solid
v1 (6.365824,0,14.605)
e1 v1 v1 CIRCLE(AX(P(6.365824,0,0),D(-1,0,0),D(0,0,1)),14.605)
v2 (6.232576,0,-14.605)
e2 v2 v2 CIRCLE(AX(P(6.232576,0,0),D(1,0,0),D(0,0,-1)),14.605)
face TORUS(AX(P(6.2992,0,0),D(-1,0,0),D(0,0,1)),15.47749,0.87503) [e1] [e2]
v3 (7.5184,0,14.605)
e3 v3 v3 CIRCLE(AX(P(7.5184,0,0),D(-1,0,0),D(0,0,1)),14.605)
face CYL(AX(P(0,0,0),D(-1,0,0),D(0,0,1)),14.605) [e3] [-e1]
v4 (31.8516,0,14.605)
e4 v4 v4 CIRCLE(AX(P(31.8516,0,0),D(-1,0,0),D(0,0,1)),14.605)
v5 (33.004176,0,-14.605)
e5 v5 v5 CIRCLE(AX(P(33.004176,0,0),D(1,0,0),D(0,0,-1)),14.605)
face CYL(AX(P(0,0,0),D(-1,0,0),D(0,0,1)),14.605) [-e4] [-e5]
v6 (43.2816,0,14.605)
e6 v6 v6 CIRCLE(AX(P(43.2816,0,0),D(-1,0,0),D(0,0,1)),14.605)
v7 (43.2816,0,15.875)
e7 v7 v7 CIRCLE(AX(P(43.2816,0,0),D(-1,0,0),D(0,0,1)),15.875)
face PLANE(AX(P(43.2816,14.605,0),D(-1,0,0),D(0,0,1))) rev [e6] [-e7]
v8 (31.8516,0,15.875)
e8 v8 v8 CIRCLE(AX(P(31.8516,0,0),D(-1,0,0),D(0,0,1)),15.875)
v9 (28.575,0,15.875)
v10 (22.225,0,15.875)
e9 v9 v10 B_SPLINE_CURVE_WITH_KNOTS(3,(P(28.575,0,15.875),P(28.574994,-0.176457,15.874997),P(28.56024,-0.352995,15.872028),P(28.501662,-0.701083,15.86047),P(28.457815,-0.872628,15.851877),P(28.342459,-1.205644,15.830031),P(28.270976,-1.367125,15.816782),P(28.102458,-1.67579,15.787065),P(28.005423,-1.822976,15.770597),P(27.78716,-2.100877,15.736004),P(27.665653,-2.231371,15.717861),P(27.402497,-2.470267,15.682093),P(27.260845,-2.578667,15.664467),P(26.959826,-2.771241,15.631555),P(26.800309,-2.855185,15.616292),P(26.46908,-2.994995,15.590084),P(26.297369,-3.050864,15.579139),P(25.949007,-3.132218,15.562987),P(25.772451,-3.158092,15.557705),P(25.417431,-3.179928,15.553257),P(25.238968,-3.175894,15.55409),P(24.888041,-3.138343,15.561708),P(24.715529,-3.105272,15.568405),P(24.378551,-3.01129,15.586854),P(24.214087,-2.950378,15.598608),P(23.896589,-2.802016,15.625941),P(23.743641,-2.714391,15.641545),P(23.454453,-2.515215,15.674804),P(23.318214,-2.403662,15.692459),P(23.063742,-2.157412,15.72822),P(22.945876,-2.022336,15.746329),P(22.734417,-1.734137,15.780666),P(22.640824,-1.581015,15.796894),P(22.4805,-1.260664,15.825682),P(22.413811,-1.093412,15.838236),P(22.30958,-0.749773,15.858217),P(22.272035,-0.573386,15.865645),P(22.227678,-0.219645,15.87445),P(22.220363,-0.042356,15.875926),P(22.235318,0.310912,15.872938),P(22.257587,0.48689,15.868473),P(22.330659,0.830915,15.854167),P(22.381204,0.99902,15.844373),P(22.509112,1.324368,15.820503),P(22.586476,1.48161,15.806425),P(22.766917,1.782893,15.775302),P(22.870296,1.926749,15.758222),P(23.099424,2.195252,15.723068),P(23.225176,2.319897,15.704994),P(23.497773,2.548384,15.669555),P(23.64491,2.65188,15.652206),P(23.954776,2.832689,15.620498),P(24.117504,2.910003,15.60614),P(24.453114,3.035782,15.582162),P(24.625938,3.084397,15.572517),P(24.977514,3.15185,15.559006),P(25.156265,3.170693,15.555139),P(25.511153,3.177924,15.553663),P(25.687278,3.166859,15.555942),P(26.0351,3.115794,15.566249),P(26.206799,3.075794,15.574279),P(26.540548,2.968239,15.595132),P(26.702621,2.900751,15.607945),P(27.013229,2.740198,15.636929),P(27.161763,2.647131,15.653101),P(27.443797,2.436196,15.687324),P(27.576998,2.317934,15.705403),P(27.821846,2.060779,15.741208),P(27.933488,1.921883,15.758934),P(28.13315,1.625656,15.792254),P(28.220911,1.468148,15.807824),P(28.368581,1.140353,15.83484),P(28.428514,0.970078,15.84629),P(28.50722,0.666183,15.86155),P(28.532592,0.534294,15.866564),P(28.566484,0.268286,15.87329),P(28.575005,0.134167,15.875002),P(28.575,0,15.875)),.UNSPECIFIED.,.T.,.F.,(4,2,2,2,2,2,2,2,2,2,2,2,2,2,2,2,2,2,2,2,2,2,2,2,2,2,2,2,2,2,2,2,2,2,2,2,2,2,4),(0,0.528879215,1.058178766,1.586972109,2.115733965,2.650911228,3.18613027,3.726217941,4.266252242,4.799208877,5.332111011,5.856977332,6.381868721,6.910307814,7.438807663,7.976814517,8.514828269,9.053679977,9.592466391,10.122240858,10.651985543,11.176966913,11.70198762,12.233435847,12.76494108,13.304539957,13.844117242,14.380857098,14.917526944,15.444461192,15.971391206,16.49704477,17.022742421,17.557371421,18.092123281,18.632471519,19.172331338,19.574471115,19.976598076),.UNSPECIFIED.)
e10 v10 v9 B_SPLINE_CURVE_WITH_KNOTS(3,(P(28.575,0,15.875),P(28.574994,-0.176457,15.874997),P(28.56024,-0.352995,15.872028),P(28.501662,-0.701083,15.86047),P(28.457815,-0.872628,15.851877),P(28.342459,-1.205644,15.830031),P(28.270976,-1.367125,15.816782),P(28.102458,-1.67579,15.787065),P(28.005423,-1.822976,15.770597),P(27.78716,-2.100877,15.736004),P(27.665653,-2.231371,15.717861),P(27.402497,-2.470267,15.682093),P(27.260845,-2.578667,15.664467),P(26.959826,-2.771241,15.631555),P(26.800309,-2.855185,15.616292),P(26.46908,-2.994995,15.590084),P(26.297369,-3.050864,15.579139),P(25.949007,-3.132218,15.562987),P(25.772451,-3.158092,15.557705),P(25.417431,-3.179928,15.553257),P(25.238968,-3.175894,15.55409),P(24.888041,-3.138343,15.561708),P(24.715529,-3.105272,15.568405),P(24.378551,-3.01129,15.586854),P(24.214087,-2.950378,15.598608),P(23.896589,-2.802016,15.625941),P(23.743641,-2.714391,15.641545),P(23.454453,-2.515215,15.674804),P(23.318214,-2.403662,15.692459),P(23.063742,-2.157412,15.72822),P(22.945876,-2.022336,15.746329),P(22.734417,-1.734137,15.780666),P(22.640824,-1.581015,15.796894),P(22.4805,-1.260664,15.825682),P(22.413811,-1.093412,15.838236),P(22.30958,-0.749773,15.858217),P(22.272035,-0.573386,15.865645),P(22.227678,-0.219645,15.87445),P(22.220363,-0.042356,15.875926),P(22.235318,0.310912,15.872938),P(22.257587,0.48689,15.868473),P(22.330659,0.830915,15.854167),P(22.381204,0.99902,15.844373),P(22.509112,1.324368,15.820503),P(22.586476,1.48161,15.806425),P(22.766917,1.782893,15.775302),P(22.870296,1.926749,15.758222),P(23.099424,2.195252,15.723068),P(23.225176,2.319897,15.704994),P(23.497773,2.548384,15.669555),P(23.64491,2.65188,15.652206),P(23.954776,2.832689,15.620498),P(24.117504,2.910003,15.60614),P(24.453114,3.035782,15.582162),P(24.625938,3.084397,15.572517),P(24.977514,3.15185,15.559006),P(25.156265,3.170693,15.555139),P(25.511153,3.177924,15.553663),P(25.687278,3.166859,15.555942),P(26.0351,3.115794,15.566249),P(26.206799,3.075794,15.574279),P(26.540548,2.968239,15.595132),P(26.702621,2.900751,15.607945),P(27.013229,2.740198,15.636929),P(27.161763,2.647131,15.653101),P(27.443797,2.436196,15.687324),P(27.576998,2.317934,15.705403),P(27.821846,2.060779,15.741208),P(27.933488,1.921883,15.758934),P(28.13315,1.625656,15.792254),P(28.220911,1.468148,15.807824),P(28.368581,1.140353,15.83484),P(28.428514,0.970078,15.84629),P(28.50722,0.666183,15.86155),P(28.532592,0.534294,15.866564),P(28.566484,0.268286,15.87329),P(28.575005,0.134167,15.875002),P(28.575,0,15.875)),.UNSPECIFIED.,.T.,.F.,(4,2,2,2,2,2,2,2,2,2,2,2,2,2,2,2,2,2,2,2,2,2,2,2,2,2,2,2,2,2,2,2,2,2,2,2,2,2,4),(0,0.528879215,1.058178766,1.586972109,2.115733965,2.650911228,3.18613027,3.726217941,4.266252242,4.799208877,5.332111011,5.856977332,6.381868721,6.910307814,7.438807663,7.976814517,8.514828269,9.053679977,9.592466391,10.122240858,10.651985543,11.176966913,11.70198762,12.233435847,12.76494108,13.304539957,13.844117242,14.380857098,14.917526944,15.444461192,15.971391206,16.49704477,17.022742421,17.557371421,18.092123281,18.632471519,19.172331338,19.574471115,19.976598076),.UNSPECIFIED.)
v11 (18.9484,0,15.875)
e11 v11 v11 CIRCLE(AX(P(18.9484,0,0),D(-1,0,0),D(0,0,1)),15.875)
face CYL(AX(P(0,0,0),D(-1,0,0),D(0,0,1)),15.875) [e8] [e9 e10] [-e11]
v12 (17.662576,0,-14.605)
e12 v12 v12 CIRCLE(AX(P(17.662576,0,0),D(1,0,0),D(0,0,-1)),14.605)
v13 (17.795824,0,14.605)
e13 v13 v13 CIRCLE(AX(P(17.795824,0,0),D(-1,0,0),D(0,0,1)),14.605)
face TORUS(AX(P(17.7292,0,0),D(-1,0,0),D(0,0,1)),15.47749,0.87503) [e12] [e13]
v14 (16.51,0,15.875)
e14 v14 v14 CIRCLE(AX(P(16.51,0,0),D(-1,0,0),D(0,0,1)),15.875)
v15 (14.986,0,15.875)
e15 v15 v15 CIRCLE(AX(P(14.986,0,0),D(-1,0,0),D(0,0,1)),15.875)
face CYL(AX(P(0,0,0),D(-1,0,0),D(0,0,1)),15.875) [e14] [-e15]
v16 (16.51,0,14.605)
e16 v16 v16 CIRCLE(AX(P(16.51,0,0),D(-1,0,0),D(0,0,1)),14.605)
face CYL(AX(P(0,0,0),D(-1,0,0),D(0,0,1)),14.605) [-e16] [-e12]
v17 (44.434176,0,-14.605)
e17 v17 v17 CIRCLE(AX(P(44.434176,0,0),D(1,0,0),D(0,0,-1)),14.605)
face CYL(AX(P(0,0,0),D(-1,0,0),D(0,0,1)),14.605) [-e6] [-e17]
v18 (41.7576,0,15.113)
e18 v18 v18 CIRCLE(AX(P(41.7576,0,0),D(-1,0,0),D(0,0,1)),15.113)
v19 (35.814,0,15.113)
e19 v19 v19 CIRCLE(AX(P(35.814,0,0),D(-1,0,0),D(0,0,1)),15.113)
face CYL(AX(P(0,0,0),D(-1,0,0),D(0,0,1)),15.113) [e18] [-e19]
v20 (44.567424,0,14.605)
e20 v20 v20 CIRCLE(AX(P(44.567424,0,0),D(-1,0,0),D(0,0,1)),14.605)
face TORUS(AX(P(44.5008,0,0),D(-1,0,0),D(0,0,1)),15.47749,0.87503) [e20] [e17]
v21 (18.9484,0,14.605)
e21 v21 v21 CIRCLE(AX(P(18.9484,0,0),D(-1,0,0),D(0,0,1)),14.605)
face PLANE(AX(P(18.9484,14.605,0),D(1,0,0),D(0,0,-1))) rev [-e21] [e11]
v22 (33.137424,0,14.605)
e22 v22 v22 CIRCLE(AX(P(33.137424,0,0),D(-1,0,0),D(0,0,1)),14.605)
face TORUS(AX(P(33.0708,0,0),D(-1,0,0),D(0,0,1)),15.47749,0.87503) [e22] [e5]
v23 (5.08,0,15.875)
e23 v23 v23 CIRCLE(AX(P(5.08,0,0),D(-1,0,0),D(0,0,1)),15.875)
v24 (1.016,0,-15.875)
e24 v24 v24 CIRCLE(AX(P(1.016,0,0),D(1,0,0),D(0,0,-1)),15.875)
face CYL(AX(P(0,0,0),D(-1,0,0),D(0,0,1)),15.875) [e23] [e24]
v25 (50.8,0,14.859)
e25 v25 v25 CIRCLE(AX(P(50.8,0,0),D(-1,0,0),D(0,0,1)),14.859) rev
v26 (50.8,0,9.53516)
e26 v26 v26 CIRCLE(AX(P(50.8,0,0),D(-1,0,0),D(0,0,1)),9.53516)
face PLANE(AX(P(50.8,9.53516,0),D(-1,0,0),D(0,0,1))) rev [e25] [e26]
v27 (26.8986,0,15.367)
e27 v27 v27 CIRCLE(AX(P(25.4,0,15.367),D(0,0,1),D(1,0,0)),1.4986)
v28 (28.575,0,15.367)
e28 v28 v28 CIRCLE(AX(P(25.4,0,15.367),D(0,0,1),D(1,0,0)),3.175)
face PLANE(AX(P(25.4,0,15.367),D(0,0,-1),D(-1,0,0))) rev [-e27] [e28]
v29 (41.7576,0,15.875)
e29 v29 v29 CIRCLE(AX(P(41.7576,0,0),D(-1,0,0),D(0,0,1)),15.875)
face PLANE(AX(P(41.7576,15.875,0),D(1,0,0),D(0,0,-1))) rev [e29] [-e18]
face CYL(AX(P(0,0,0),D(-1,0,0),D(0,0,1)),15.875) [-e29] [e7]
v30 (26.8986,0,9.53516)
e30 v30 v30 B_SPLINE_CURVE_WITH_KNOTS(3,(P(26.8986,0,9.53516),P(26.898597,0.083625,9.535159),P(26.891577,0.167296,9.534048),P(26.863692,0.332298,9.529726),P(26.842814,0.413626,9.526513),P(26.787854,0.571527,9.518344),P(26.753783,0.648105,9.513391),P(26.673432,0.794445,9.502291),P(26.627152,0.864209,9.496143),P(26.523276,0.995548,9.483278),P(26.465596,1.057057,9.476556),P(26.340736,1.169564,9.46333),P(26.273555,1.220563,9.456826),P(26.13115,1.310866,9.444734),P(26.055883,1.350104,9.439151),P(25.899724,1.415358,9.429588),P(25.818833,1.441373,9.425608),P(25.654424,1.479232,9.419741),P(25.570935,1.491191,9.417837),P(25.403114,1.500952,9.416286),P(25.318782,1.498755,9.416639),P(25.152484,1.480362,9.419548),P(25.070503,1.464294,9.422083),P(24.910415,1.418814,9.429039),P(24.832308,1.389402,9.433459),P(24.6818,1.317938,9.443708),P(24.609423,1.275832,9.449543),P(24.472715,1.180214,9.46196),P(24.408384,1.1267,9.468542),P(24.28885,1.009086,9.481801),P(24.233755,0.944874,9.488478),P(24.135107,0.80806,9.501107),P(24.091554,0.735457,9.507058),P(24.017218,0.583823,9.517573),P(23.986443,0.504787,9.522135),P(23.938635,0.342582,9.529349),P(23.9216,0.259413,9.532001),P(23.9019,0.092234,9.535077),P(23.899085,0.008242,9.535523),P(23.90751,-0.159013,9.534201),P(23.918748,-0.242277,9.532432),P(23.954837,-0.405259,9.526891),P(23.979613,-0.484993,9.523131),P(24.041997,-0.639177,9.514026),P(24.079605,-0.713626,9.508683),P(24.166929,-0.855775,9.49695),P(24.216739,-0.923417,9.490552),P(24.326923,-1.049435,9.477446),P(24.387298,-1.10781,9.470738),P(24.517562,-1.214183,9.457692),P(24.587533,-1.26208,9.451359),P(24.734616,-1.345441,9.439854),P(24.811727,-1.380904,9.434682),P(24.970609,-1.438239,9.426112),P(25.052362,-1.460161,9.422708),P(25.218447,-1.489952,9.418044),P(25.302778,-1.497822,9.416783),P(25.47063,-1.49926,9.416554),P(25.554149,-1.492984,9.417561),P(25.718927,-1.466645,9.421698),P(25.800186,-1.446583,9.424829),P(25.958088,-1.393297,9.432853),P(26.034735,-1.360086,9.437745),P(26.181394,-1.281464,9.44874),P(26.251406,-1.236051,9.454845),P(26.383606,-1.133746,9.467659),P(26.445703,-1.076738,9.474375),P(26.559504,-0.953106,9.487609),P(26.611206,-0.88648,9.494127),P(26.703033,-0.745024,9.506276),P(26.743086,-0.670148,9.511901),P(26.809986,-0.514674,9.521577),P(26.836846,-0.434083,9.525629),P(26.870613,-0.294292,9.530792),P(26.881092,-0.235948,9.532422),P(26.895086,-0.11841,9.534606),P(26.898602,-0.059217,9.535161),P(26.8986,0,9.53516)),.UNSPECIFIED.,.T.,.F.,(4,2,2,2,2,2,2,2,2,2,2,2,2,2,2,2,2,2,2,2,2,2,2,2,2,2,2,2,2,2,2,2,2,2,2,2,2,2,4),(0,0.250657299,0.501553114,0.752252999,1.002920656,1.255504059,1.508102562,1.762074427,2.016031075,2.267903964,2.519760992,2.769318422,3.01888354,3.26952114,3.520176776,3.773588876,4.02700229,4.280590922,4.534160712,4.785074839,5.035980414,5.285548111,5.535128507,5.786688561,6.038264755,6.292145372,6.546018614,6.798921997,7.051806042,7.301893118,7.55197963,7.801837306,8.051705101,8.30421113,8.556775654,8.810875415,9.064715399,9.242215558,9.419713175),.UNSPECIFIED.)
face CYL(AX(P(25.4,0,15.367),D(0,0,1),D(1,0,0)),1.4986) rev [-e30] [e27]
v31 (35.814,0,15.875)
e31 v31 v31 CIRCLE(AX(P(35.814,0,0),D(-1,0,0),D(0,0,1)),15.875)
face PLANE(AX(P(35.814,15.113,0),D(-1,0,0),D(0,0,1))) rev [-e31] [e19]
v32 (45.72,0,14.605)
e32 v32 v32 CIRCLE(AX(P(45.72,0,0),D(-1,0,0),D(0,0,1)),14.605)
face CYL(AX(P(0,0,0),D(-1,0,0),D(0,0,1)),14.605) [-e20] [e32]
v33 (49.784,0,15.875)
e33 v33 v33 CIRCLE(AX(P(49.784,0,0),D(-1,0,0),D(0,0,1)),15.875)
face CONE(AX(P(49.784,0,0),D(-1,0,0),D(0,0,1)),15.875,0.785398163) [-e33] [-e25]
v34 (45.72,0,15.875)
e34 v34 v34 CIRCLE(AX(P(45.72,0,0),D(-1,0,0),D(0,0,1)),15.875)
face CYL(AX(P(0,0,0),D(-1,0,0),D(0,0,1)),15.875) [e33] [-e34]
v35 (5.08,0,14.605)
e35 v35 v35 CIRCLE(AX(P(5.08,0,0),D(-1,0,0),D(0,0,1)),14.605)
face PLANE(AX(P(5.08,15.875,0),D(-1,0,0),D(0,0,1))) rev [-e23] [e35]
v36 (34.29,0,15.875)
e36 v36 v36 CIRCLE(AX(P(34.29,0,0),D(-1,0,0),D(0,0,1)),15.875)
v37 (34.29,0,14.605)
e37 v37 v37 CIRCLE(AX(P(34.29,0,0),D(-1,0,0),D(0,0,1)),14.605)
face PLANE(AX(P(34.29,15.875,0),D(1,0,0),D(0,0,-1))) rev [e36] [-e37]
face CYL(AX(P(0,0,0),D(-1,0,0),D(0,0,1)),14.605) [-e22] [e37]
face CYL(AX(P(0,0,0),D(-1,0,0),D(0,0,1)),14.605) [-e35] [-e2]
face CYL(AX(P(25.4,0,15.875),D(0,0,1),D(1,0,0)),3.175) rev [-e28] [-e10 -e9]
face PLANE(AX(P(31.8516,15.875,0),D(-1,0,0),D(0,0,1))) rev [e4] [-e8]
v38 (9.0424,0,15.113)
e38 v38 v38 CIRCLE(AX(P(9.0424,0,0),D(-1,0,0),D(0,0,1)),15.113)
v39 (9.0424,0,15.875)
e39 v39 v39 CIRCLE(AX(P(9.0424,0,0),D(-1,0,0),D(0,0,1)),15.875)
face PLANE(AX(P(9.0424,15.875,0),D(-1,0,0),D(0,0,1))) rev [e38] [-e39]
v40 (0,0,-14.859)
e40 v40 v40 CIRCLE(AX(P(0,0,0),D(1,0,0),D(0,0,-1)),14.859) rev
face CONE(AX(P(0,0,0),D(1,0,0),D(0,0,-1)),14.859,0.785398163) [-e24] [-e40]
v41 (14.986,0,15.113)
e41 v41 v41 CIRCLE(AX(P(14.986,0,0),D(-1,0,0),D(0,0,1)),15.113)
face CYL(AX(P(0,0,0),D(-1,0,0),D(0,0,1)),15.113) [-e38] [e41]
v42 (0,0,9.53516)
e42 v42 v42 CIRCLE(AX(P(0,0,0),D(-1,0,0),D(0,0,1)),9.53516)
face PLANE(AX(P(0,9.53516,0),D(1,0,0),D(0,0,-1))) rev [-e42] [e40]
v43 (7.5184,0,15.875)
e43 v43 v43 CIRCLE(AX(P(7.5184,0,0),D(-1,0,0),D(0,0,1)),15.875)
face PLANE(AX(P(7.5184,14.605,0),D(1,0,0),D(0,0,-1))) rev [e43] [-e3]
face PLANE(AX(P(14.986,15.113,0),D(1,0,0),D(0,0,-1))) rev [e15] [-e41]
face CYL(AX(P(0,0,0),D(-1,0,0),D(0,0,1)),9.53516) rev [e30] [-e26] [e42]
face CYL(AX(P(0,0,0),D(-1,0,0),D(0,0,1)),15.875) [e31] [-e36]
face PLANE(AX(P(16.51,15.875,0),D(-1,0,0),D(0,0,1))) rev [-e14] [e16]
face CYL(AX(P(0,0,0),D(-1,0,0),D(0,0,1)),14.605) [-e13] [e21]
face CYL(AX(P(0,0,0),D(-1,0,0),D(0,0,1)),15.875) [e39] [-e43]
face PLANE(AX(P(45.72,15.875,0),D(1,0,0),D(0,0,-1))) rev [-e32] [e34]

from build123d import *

# Parameters (mm, degrees)
CHAMFER1_SIZE                   = 1.016
F_1_4_0_25_DIAMETER_HOLE1_D     = 6.35
F_1_4_0_25_DIAMETER_HOLE1_DEPTH = 0.508
AIR_HOLE_D                      = 2.4892
AIR_HOLE_DEPTH                  = 6.35
AIR_HOLE_CBORE_D                = 2.9972
AIR_HOLE_CBORE_DEPTH            = 5.9944
AIR_HOLE_TIP                    = 0.747831126
SKETCH5_R                       = 0.87503


with BuildPart() as part:
    # Sketch1 → Revolve1 (revolve)
    with BuildSketch(Plane.XY, mode=Mode.PRIVATE) as revolve1_sk:
        Polygon((0, 9.53516), (50.8, 9.53516), (50.8, 15.875), (45.72, 15.875), (45.72, 14.605), (43.2816, 14.605), (43.2816, 15.875), (41.7576, 15.875), (41.7576, 15.113), (35.814, 15.113), (35.814, 15.875), (34.29, 15.875), (34.29, 14.605), (31.8516, 14.605), (31.8516, 15.875), (18.9484, 15.875), (18.9484, 14.605), (16.51, 14.605), (16.51, 15.875), (14.986, 15.875), (14.986, 15.113), (9.0424, 15.113), (9.0424, 15.875), (7.5184, 15.875), (7.5184, 14.605), (5.08, 14.605), (5.08, 15.875), (0, 15.875), align=None)
    revolve(revolve1_sk.sketch.rotate(Axis((0, 0, 0), (1, 0, 0)), 90), axis=Axis((0, 0, 0), (1, 0, 0)))  # turned: the seam where the file's is

    # Chamfer1
    chamfer1_edges = [part.edges().sort_by_distance(p)[0] for p in [
        (50.8, 0, -15.875),
        (0, 0, -15.875),
    ]]
    chamfer(chamfer1_edges, length=CHAMFER1_SIZE)

    # 1/4 (0.25) Diameter Hole1
    with Locations(Plane(origin=(25.4, 0, 15.875), x_dir=(1, 0, 0), z_dir=(0, 0, 1))):
        with Locations((0, 0)):
            Hole(F_1_4_0_25_DIAMETER_HOLE1_D / 2, depth=F_1_4_0_25_DIAMETER_HOLE1_DEPTH)

    # Air Hole
    with Locations(Plane.XY.offset(15.367)):
        with Locations((25.4, 0)):
            CounterBoreHole(AIR_HOLE_D / 2, AIR_HOLE_CBORE_D / 2, AIR_HOLE_CBORE_DEPTH, depth=AIR_HOLE_DEPTH)
            with Locations((0, 0, -(AIR_HOLE_DEPTH + AIR_HOLE_TIP / 2))):  # 118° drill point
                Cone(0, AIR_HOLE_D / 2, AIR_HOLE_TIP, mode=Mode.SUBTRACT)

    # Sketch5 → Revolve2 (revolve)
    with BuildSketch(Plane.XY, mode=Mode.PRIVATE) as revolve2_sk:
        with Locations((6.2992, 15.47749)):
            Circle(SKETCH5_R)
        with Locations((17.7292, 15.47749)):
            Circle(SKETCH5_R)
        with Locations((33.0708, 15.47749)):
            Circle(SKETCH5_R)
        with Locations((44.5008, 15.47749)):
            Circle(SKETCH5_R)
    revolve(revolve2_sk.sketch.rotate(Axis((0, 0, 0), (1, 0, 0)), 90), axis=Axis((0, 0, 0), (1, 0, 0)))  # turned: the seam where the file's is


solid = part.part
